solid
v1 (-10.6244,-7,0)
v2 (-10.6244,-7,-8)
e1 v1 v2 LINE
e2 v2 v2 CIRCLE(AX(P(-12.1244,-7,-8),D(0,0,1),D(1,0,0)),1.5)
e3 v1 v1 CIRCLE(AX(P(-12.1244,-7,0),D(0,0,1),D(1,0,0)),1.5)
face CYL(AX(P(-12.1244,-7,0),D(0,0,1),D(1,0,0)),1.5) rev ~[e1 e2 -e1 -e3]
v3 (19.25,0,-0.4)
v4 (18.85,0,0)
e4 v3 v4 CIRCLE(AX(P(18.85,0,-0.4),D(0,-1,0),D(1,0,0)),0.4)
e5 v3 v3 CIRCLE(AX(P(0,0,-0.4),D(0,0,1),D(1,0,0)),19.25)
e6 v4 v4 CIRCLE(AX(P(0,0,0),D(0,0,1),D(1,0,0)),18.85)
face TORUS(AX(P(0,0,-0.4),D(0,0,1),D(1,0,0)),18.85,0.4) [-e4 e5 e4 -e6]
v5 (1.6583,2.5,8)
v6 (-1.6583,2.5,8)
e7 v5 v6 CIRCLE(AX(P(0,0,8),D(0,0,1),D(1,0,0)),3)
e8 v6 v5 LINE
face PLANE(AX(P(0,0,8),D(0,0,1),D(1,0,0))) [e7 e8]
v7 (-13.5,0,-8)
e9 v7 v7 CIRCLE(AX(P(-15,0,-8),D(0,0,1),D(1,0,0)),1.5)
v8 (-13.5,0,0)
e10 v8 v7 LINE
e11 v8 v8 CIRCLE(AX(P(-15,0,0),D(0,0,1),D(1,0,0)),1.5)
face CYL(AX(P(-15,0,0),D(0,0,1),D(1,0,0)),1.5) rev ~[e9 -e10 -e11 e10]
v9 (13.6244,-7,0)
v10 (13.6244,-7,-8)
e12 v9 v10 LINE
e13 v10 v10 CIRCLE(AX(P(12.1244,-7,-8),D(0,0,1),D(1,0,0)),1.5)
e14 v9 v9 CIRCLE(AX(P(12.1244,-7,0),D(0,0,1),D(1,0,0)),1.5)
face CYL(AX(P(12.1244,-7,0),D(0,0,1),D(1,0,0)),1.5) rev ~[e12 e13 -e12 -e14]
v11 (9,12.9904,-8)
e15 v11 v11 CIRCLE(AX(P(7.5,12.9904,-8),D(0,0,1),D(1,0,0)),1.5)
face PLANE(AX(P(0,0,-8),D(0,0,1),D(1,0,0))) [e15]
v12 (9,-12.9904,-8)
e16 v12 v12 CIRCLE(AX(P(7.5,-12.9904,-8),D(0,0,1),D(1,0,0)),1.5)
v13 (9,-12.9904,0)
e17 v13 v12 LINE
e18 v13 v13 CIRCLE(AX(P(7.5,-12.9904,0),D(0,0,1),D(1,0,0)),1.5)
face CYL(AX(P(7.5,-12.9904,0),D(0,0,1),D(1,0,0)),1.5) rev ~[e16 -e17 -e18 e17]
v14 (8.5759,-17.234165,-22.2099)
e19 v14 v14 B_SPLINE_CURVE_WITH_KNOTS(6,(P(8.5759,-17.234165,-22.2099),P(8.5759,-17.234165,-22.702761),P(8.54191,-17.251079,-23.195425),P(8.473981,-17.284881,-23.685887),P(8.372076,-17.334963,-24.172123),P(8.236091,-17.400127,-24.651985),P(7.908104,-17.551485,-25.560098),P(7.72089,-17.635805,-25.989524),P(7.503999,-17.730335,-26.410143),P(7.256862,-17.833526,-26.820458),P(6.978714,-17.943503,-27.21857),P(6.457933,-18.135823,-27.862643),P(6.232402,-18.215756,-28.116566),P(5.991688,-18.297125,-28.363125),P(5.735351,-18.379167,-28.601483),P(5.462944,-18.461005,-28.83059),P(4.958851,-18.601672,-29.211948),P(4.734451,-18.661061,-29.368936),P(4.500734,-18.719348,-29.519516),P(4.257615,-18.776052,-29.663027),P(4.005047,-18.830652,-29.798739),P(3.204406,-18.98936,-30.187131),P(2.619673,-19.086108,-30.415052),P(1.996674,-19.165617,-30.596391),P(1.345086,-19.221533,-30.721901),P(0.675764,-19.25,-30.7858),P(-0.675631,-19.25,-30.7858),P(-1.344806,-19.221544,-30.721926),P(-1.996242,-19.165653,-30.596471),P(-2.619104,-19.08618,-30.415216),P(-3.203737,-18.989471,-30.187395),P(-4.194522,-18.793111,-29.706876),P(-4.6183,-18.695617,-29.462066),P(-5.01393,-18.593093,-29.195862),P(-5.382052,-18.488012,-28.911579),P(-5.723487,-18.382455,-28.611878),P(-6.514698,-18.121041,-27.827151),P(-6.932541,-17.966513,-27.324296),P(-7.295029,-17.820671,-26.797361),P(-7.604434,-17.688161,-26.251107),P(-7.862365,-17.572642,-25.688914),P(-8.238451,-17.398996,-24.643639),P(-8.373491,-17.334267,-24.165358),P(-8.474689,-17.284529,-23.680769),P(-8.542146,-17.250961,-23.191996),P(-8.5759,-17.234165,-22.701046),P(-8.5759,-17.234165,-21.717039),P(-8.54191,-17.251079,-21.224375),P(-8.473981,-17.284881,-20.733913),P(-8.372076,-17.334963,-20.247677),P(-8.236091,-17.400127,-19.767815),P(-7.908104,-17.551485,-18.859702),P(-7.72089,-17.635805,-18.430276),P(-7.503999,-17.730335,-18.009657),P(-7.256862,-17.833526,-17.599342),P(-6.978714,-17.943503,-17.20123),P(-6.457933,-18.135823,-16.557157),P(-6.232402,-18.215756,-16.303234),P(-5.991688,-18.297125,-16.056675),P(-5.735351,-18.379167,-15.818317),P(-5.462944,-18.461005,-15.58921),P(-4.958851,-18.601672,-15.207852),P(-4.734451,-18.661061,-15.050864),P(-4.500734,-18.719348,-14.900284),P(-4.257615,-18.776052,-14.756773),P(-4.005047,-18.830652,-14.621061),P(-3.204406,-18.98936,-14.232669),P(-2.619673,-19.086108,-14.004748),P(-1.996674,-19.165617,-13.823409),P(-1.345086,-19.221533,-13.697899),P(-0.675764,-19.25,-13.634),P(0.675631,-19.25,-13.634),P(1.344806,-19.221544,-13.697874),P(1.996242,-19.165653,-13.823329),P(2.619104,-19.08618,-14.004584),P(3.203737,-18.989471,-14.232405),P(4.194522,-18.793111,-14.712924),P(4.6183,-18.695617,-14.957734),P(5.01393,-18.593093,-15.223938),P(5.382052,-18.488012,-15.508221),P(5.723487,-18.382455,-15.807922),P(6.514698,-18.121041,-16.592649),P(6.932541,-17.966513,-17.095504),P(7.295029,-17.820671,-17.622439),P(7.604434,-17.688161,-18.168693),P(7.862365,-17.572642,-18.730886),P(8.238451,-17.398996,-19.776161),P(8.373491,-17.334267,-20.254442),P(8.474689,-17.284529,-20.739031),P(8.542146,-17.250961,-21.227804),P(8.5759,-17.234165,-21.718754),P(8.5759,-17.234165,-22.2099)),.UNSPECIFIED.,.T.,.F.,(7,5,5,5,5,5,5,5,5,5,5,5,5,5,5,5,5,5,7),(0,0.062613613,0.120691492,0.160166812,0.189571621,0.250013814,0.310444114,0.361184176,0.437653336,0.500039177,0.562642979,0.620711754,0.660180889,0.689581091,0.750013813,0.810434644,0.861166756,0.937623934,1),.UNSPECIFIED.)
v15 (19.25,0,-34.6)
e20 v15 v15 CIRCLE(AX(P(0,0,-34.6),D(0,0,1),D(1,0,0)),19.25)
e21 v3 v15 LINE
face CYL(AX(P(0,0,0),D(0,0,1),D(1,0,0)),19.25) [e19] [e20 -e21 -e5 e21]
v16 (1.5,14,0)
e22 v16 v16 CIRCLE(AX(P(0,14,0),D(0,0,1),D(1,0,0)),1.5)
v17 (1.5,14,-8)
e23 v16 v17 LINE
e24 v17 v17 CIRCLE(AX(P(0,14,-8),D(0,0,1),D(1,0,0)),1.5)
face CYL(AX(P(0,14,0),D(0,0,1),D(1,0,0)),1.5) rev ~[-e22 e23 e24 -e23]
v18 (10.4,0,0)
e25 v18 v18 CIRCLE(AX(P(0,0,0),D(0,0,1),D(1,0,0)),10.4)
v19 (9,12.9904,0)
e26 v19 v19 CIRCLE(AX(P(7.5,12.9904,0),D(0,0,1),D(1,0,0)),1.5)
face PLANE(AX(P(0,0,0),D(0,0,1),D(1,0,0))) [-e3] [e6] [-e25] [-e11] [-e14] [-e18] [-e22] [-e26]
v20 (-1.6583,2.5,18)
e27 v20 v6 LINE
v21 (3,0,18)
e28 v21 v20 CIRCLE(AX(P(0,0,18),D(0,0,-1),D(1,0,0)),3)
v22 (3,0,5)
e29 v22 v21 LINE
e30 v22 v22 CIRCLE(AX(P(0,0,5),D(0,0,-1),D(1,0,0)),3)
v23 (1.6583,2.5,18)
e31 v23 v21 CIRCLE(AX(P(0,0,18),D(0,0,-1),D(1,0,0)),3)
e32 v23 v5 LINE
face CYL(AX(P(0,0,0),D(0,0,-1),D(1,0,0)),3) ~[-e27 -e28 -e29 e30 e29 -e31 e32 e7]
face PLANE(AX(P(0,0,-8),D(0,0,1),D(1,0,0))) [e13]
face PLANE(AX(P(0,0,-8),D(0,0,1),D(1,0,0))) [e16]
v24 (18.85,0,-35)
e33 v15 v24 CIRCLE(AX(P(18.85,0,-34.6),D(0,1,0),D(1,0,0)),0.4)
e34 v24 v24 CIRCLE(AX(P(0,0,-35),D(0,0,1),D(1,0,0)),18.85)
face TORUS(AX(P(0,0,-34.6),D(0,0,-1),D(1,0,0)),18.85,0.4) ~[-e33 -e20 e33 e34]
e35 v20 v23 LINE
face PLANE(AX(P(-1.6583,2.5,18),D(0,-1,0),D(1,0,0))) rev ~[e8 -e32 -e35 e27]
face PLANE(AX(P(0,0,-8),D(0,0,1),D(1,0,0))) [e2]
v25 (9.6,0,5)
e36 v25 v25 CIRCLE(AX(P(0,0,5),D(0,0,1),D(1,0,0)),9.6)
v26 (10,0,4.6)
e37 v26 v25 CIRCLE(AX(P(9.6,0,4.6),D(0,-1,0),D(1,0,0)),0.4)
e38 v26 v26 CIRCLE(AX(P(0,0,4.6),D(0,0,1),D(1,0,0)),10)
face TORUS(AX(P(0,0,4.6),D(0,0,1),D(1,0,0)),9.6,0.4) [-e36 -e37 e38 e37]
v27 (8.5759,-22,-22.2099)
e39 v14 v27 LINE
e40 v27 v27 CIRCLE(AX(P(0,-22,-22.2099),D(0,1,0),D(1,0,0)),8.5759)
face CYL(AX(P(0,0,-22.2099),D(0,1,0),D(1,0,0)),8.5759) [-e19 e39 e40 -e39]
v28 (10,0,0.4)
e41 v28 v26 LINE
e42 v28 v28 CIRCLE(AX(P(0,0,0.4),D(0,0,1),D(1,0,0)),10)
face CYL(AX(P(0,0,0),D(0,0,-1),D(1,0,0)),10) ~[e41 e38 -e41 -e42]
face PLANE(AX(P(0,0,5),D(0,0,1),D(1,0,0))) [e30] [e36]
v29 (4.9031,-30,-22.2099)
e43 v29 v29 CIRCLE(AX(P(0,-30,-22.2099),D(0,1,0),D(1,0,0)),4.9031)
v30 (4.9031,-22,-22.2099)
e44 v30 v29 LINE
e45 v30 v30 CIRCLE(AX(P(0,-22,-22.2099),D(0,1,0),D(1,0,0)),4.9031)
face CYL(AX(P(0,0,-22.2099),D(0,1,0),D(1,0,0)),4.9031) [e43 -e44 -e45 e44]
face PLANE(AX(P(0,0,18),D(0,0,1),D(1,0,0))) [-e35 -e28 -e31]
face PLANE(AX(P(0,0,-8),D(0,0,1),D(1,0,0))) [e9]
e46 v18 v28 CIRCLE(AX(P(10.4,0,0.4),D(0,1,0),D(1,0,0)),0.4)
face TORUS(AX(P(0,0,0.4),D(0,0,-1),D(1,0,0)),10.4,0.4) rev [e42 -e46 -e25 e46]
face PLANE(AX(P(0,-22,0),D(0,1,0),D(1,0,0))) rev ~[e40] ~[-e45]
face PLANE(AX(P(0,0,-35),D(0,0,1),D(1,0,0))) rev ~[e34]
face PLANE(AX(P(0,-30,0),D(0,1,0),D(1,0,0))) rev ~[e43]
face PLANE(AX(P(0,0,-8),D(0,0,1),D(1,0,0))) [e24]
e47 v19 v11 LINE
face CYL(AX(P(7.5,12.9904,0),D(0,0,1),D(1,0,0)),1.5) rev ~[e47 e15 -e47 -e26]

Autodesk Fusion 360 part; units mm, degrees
sketch "Sketch2" plane through (0, 0, 0) normal (0, 0, 1) x (1, 0, 0)
  circle A0 centre (0, 0) radius 19.25
  circle A1 centre (0, 0) radius 10
  circle A2 centre (0, 0) radius 3
  circle A3 centre (0, 0) radius 14 construction
  circle A4 centre (0, 0) radius 15 construction
  line L0 (0, 0) -> (0, 19.25) construction
  circle A5 centre (0, 14) radius 1.5
  circle A6 centre (-12.1244, -7) radius 1.5
  circle A7 centre (12.1244, -7) radius 1.5
  line L1 (0, 0) -> (16.3101, 28.25) construction
  line L2 (0, 0) -> (32.8938, 0) construction
  circle A8 centre (7.5, 12.9904) radius 1.5
  circle A9 centre (-15, 0) radius 1.5
  circle A10 centre (7.5, -12.9904) radius 1.5
  line L3 (-1.6583, 2.5) -> (1.6583, 2.5)
  line L4 (0, 0) -> (0, -32) construction
  line L5 (0, 2.5) -> (0, -3) construction
  dimension "d1" = 38.5
  dimension "d2" = 20
  dimension "d3" = 6
  dimension "d4" = 28
  dimension "d5" = 30
  dimension "d6" = 3
  dimension "d8" = 360
  dimension "d9" = 60
  dimension "d10" = 3
  dimension "d12" = 360
  dimension "d29" = 5.5
extrude "Extrude1" add sketch "Sketch2" against normal blind 35 contours A0 | A1 | A2 L3 | A2 L3 | A5 | A6 | A7 | A8 | A9 | A10
extrude "Extrude2" cut sketch "Sketch2" against normal blind 8 contours A5 | A6 | A7 | A8 | A9 | A10
extrude "Extrude3" add sketch "Sketch2" along normal blind 5 contours A1 | A2 L3 | A2 L3
extrude "Extrude4" add sketch "Sketch2" along normal blind 18 contours A2 L3 | A2 L3
sketch "Sketch4" plane through (0, 0, 18) normal (0, 0, 1) x (1, 0, 0)
  circle A0 centre (0, 0) radius 3
  line L0 (-1.6583, 2.5) -> (1.6583, 2.5)
  circle A1 centre (0, 0) radius 3
extrude "Extrude5" cut sketch "Sketch4" against normal blind 10 contours A0 L0 A1 picked at (0.41, 2.7801)
fillet "Fillet1" radius 0.4 4 edges at (-9.3233, -3.6162, 5) (-17.9473, -6.9611, 0) (-17.9473, 6.9611, -35) (-9.3233, 3.6162, 0)
sketch "Sketch6" plane through (0, 0, 0) normal (0, 1, 0) x (1, 0, 0)
  line L0 (19.25, 34.6) -> (-19.25, 34.6)
  line L1 (0, 0) -> (0, 44.4198) construction
  circle A0 centre (0, 22.2099) radius 8.5759
  circle A1 centre (0, 22.2099) radius 4.9031
extrude "Extrude6" add sketch "Sketch6" against normal blind 22 contours A0 | A1
extrude "Extrude7" add sketch "Sketch6" against normal blind 30 contours A1
